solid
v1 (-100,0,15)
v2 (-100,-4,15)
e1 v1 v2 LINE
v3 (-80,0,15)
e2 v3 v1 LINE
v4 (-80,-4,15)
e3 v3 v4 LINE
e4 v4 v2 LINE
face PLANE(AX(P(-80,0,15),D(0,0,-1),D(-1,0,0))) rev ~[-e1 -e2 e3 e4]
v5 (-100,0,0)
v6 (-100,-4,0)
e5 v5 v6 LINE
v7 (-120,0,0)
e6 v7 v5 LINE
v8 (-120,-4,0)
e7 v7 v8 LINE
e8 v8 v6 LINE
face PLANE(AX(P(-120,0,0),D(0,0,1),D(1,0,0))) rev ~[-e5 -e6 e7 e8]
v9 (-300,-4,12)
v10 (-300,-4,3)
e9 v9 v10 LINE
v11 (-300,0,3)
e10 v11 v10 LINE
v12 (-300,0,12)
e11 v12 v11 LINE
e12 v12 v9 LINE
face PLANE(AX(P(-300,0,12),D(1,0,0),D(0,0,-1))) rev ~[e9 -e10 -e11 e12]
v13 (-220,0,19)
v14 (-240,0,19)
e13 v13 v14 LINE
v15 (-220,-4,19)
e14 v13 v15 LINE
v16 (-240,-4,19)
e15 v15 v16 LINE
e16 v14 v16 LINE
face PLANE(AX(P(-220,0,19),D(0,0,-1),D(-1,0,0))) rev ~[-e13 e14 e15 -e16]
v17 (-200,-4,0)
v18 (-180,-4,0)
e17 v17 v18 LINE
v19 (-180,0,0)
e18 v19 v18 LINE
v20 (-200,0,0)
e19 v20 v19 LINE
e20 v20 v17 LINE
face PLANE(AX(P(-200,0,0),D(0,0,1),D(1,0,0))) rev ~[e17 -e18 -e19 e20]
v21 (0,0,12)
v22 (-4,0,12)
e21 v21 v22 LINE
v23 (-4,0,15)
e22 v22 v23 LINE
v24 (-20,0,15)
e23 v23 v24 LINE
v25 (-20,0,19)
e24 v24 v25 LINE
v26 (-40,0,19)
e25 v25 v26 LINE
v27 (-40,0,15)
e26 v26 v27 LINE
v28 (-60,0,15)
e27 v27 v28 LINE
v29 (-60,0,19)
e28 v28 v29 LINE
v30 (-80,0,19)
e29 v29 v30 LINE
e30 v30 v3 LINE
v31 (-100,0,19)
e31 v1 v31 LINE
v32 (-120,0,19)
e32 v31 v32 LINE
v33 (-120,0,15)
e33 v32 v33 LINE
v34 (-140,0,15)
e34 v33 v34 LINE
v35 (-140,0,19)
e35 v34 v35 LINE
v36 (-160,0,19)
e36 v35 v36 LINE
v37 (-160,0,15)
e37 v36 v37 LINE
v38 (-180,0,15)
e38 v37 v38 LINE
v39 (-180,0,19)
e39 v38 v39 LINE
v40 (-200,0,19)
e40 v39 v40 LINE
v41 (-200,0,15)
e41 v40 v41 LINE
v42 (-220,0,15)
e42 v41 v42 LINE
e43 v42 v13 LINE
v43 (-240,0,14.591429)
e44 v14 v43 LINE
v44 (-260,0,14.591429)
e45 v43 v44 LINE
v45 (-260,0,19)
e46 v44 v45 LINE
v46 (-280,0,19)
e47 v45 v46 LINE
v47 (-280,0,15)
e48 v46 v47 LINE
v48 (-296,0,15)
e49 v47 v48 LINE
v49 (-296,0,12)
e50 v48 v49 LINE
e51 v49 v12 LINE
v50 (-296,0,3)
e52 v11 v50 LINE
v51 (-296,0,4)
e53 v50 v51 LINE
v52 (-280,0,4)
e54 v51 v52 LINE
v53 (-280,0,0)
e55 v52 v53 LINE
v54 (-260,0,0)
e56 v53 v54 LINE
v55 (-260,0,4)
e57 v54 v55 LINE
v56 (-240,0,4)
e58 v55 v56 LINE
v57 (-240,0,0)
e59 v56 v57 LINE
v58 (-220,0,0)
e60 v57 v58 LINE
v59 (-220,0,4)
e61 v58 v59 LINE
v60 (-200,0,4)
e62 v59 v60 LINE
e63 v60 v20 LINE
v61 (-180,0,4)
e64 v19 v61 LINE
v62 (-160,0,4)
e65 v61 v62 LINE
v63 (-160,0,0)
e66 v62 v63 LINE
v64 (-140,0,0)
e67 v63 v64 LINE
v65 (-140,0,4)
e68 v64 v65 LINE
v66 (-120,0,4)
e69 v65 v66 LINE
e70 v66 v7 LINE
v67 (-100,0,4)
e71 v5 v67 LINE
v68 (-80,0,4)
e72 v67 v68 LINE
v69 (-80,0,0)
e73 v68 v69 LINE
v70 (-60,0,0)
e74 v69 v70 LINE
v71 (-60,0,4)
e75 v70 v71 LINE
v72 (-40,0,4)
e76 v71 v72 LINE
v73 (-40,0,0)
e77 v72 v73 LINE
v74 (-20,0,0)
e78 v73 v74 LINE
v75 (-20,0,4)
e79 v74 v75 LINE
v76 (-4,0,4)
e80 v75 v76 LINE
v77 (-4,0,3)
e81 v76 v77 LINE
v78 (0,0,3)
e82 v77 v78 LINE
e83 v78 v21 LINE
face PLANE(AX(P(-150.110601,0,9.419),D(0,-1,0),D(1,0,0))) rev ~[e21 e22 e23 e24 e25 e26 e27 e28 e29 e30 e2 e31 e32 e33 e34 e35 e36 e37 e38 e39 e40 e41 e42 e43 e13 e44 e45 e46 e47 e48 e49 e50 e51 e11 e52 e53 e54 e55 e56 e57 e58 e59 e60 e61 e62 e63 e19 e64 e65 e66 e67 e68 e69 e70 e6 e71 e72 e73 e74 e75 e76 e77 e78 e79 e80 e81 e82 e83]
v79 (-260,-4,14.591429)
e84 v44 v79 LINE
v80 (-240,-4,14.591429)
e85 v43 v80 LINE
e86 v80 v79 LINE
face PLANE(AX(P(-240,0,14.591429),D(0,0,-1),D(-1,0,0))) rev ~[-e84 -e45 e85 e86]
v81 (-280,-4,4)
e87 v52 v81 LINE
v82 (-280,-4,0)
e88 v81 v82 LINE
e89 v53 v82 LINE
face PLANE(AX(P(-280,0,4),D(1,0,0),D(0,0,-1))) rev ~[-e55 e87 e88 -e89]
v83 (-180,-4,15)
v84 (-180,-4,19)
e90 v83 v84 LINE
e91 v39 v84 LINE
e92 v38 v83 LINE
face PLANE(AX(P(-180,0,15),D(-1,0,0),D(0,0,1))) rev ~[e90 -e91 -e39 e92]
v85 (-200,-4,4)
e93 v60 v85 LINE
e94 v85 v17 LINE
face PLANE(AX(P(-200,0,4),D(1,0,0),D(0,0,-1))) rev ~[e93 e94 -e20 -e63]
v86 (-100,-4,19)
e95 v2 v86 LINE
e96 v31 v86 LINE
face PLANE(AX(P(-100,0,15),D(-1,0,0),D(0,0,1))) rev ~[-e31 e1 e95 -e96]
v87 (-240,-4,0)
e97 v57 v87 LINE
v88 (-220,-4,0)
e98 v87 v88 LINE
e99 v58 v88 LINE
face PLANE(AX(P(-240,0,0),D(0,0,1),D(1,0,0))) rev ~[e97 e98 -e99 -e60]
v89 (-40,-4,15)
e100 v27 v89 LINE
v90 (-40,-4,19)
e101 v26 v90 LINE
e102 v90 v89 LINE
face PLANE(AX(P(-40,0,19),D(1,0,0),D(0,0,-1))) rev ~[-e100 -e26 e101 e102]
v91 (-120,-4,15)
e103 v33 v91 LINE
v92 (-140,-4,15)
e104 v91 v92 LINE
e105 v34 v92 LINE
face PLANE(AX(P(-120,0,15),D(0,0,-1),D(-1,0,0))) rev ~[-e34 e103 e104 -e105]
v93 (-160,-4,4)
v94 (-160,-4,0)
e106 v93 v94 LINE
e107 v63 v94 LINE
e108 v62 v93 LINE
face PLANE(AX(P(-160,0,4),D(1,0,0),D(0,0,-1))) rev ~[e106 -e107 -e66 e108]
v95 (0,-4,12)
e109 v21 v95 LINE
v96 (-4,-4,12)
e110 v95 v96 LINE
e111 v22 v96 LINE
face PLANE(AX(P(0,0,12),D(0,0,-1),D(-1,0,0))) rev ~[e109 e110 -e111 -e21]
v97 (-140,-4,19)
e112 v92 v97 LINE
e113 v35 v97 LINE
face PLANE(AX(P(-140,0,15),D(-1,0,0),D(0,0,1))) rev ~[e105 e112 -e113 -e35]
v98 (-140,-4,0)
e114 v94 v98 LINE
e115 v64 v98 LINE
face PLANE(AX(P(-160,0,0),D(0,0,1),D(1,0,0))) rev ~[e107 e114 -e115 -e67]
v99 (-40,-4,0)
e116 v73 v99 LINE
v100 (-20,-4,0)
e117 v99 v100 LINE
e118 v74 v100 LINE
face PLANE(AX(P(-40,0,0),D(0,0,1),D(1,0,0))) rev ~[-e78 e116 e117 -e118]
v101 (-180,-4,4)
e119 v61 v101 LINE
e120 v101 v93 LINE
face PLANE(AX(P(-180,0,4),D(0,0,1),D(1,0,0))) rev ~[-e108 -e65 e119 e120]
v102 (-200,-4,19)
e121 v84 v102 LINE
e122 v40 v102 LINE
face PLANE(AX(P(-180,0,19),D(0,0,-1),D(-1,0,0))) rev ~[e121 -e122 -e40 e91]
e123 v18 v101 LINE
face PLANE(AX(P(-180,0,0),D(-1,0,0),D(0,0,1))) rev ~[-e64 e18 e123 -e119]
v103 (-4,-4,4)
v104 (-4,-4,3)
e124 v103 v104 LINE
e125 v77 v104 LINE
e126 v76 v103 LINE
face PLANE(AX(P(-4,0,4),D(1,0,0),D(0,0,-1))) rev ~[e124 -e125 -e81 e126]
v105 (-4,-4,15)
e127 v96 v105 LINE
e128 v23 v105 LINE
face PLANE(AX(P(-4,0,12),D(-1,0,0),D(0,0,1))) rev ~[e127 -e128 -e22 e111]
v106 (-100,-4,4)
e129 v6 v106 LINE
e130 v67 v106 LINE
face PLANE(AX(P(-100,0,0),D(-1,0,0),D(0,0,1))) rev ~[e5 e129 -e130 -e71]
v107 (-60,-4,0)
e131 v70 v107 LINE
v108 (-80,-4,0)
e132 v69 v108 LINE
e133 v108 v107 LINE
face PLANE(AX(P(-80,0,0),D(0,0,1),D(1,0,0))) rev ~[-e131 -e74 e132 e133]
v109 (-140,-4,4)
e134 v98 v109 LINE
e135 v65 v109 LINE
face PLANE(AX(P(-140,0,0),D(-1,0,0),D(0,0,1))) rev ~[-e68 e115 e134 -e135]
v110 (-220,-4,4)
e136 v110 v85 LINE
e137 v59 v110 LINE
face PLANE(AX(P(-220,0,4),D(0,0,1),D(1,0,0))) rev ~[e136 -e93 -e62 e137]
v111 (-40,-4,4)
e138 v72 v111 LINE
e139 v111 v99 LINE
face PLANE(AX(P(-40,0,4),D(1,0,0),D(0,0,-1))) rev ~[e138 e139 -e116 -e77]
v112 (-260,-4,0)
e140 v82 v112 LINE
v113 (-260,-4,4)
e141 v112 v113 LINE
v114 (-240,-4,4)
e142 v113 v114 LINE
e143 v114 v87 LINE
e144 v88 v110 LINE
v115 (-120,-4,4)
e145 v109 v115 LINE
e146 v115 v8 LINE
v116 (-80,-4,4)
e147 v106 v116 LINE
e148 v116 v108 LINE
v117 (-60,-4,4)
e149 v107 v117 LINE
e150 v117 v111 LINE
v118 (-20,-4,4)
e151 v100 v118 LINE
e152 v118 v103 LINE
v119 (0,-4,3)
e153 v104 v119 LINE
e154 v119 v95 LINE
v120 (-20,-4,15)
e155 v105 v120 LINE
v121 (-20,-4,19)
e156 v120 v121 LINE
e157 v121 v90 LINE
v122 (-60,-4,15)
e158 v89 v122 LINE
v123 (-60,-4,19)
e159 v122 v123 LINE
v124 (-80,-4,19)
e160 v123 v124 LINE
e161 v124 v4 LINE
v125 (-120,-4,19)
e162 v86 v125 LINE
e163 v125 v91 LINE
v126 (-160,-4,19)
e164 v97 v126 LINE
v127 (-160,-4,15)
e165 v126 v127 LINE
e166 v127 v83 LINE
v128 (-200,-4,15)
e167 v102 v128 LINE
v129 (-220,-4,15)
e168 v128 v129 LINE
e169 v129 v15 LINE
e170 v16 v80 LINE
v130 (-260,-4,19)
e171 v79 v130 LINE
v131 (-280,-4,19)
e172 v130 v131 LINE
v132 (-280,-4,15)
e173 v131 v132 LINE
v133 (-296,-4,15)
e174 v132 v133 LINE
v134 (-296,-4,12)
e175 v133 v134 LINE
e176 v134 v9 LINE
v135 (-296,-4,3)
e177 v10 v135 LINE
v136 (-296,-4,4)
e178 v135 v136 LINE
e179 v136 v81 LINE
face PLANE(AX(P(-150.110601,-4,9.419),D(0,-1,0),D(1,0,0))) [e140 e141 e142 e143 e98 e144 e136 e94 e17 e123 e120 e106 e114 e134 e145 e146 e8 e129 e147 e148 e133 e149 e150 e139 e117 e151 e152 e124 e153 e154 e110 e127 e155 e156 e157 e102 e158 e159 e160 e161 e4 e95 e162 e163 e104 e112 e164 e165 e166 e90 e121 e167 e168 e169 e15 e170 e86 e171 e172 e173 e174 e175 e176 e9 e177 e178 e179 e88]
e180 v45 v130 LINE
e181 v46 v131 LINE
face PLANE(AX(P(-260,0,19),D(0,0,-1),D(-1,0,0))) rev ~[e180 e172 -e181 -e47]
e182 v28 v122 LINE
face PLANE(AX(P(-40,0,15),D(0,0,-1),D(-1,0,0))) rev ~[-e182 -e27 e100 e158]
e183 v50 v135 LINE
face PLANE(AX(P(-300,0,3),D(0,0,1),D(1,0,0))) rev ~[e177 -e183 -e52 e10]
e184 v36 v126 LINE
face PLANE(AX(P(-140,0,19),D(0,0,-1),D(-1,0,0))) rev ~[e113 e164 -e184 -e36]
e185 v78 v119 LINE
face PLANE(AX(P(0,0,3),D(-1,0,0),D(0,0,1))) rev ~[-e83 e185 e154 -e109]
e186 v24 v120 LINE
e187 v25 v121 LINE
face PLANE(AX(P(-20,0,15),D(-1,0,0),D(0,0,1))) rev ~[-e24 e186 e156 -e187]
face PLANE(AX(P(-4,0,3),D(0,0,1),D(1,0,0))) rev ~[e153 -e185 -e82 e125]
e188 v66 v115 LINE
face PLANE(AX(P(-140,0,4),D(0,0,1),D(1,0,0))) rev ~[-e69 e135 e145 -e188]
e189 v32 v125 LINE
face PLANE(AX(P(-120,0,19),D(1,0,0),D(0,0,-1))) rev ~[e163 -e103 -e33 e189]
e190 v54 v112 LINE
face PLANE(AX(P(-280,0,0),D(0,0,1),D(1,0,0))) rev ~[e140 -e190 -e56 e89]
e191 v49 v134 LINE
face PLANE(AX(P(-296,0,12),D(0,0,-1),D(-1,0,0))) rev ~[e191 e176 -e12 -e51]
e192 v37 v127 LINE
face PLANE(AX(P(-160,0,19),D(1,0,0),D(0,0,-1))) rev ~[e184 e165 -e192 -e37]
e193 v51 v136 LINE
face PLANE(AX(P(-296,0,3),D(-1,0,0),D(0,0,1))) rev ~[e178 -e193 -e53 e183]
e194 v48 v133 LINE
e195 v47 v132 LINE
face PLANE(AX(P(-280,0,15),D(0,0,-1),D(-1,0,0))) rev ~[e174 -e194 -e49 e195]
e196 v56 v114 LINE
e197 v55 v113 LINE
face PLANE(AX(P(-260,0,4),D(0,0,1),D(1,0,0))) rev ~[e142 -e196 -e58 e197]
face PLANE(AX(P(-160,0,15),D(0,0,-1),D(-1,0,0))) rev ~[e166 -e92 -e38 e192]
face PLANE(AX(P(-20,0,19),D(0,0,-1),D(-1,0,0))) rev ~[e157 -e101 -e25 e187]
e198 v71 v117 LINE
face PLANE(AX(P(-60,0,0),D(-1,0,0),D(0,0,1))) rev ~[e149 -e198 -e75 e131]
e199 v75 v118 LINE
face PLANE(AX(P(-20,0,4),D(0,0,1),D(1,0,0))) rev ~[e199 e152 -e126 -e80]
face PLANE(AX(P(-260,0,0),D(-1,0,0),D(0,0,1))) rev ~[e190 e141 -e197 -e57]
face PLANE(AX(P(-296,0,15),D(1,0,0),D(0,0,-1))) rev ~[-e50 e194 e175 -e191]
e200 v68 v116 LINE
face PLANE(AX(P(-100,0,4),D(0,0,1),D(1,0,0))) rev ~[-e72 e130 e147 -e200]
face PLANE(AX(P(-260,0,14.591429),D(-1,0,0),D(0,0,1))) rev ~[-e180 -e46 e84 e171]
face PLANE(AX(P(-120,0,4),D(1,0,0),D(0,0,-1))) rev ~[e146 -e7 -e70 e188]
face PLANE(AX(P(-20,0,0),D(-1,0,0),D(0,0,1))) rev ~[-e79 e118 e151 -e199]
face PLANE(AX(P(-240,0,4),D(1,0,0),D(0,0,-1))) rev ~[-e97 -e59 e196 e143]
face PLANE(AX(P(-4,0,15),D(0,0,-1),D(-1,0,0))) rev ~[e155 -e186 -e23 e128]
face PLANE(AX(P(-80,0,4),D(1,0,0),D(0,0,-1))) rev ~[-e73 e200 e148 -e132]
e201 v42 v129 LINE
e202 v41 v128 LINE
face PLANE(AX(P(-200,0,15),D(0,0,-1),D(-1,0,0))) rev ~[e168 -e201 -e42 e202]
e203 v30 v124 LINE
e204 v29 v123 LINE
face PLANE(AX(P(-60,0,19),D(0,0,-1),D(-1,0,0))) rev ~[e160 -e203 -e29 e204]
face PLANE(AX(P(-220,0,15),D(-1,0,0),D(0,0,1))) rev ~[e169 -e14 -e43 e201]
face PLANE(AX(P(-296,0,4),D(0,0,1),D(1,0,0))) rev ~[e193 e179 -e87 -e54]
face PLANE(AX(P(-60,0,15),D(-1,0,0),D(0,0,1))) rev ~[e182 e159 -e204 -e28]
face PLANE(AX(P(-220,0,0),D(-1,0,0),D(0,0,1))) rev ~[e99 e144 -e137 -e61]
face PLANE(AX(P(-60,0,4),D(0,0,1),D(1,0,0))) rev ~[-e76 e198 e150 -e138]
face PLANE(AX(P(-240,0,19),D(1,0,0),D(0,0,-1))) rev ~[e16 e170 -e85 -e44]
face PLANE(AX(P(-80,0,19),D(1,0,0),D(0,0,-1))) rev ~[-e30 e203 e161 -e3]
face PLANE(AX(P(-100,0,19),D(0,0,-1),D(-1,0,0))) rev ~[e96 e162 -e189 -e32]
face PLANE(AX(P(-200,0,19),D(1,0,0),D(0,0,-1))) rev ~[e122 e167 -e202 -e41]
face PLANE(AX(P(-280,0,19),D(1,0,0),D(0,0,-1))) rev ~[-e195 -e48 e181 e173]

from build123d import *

# Parameters (mm, degrees)
F1_DEPTH = 4


with BuildPart() as f1:
    # F0 (on Front) → F1 (new body)
    with BuildSketch(Plane.XZ):
        Polygon((-4, 3), (0, 3), (0, 12), (-4, 12), (-4, 15), (-20, 15), (-20, 19), (-40, 19), (-40, 15), (-60, 15), (-60, 19), (-80, 19), (-80, 15), (-100, 15), (-100, 19), (-120, 19), (-120, 15), (-140, 15), (-140, 19), (-160, 19), (-160, 15), (-180, 15), (-180, 19), (-200, 19), (-200, 15), (-220, 15), (-220, 19), (-240, 19), (-240, 14.591429), (-260, 14.591429), (-260, 19), (-280, 19), (-280, 15), (-296, 15), (-296, 12), (-300, 12), (-300, 3), (-296, 3), (-296, 4), (-280, 4), (-280, 0), (-260, 0), (-260, 4), (-240, 4), (-240, 0), (-220, 0), (-220, 4), (-200, 4), (-200, 0), (-180, 0), (-180, 4), (-160, 4), (-160, 0), (-140, 0), (-140, 4), (-120, 4), (-120, 0), (-100, 0), (-100, 4), (-80, 4), (-80, 0), (-60, 0), (-60, 4), (-40, 4), (-40, 0), (-20, 0), (-20, 4), (-4, 4), align=None)
    extrude(amount=F1_DEPTH)


solid = f1.part
